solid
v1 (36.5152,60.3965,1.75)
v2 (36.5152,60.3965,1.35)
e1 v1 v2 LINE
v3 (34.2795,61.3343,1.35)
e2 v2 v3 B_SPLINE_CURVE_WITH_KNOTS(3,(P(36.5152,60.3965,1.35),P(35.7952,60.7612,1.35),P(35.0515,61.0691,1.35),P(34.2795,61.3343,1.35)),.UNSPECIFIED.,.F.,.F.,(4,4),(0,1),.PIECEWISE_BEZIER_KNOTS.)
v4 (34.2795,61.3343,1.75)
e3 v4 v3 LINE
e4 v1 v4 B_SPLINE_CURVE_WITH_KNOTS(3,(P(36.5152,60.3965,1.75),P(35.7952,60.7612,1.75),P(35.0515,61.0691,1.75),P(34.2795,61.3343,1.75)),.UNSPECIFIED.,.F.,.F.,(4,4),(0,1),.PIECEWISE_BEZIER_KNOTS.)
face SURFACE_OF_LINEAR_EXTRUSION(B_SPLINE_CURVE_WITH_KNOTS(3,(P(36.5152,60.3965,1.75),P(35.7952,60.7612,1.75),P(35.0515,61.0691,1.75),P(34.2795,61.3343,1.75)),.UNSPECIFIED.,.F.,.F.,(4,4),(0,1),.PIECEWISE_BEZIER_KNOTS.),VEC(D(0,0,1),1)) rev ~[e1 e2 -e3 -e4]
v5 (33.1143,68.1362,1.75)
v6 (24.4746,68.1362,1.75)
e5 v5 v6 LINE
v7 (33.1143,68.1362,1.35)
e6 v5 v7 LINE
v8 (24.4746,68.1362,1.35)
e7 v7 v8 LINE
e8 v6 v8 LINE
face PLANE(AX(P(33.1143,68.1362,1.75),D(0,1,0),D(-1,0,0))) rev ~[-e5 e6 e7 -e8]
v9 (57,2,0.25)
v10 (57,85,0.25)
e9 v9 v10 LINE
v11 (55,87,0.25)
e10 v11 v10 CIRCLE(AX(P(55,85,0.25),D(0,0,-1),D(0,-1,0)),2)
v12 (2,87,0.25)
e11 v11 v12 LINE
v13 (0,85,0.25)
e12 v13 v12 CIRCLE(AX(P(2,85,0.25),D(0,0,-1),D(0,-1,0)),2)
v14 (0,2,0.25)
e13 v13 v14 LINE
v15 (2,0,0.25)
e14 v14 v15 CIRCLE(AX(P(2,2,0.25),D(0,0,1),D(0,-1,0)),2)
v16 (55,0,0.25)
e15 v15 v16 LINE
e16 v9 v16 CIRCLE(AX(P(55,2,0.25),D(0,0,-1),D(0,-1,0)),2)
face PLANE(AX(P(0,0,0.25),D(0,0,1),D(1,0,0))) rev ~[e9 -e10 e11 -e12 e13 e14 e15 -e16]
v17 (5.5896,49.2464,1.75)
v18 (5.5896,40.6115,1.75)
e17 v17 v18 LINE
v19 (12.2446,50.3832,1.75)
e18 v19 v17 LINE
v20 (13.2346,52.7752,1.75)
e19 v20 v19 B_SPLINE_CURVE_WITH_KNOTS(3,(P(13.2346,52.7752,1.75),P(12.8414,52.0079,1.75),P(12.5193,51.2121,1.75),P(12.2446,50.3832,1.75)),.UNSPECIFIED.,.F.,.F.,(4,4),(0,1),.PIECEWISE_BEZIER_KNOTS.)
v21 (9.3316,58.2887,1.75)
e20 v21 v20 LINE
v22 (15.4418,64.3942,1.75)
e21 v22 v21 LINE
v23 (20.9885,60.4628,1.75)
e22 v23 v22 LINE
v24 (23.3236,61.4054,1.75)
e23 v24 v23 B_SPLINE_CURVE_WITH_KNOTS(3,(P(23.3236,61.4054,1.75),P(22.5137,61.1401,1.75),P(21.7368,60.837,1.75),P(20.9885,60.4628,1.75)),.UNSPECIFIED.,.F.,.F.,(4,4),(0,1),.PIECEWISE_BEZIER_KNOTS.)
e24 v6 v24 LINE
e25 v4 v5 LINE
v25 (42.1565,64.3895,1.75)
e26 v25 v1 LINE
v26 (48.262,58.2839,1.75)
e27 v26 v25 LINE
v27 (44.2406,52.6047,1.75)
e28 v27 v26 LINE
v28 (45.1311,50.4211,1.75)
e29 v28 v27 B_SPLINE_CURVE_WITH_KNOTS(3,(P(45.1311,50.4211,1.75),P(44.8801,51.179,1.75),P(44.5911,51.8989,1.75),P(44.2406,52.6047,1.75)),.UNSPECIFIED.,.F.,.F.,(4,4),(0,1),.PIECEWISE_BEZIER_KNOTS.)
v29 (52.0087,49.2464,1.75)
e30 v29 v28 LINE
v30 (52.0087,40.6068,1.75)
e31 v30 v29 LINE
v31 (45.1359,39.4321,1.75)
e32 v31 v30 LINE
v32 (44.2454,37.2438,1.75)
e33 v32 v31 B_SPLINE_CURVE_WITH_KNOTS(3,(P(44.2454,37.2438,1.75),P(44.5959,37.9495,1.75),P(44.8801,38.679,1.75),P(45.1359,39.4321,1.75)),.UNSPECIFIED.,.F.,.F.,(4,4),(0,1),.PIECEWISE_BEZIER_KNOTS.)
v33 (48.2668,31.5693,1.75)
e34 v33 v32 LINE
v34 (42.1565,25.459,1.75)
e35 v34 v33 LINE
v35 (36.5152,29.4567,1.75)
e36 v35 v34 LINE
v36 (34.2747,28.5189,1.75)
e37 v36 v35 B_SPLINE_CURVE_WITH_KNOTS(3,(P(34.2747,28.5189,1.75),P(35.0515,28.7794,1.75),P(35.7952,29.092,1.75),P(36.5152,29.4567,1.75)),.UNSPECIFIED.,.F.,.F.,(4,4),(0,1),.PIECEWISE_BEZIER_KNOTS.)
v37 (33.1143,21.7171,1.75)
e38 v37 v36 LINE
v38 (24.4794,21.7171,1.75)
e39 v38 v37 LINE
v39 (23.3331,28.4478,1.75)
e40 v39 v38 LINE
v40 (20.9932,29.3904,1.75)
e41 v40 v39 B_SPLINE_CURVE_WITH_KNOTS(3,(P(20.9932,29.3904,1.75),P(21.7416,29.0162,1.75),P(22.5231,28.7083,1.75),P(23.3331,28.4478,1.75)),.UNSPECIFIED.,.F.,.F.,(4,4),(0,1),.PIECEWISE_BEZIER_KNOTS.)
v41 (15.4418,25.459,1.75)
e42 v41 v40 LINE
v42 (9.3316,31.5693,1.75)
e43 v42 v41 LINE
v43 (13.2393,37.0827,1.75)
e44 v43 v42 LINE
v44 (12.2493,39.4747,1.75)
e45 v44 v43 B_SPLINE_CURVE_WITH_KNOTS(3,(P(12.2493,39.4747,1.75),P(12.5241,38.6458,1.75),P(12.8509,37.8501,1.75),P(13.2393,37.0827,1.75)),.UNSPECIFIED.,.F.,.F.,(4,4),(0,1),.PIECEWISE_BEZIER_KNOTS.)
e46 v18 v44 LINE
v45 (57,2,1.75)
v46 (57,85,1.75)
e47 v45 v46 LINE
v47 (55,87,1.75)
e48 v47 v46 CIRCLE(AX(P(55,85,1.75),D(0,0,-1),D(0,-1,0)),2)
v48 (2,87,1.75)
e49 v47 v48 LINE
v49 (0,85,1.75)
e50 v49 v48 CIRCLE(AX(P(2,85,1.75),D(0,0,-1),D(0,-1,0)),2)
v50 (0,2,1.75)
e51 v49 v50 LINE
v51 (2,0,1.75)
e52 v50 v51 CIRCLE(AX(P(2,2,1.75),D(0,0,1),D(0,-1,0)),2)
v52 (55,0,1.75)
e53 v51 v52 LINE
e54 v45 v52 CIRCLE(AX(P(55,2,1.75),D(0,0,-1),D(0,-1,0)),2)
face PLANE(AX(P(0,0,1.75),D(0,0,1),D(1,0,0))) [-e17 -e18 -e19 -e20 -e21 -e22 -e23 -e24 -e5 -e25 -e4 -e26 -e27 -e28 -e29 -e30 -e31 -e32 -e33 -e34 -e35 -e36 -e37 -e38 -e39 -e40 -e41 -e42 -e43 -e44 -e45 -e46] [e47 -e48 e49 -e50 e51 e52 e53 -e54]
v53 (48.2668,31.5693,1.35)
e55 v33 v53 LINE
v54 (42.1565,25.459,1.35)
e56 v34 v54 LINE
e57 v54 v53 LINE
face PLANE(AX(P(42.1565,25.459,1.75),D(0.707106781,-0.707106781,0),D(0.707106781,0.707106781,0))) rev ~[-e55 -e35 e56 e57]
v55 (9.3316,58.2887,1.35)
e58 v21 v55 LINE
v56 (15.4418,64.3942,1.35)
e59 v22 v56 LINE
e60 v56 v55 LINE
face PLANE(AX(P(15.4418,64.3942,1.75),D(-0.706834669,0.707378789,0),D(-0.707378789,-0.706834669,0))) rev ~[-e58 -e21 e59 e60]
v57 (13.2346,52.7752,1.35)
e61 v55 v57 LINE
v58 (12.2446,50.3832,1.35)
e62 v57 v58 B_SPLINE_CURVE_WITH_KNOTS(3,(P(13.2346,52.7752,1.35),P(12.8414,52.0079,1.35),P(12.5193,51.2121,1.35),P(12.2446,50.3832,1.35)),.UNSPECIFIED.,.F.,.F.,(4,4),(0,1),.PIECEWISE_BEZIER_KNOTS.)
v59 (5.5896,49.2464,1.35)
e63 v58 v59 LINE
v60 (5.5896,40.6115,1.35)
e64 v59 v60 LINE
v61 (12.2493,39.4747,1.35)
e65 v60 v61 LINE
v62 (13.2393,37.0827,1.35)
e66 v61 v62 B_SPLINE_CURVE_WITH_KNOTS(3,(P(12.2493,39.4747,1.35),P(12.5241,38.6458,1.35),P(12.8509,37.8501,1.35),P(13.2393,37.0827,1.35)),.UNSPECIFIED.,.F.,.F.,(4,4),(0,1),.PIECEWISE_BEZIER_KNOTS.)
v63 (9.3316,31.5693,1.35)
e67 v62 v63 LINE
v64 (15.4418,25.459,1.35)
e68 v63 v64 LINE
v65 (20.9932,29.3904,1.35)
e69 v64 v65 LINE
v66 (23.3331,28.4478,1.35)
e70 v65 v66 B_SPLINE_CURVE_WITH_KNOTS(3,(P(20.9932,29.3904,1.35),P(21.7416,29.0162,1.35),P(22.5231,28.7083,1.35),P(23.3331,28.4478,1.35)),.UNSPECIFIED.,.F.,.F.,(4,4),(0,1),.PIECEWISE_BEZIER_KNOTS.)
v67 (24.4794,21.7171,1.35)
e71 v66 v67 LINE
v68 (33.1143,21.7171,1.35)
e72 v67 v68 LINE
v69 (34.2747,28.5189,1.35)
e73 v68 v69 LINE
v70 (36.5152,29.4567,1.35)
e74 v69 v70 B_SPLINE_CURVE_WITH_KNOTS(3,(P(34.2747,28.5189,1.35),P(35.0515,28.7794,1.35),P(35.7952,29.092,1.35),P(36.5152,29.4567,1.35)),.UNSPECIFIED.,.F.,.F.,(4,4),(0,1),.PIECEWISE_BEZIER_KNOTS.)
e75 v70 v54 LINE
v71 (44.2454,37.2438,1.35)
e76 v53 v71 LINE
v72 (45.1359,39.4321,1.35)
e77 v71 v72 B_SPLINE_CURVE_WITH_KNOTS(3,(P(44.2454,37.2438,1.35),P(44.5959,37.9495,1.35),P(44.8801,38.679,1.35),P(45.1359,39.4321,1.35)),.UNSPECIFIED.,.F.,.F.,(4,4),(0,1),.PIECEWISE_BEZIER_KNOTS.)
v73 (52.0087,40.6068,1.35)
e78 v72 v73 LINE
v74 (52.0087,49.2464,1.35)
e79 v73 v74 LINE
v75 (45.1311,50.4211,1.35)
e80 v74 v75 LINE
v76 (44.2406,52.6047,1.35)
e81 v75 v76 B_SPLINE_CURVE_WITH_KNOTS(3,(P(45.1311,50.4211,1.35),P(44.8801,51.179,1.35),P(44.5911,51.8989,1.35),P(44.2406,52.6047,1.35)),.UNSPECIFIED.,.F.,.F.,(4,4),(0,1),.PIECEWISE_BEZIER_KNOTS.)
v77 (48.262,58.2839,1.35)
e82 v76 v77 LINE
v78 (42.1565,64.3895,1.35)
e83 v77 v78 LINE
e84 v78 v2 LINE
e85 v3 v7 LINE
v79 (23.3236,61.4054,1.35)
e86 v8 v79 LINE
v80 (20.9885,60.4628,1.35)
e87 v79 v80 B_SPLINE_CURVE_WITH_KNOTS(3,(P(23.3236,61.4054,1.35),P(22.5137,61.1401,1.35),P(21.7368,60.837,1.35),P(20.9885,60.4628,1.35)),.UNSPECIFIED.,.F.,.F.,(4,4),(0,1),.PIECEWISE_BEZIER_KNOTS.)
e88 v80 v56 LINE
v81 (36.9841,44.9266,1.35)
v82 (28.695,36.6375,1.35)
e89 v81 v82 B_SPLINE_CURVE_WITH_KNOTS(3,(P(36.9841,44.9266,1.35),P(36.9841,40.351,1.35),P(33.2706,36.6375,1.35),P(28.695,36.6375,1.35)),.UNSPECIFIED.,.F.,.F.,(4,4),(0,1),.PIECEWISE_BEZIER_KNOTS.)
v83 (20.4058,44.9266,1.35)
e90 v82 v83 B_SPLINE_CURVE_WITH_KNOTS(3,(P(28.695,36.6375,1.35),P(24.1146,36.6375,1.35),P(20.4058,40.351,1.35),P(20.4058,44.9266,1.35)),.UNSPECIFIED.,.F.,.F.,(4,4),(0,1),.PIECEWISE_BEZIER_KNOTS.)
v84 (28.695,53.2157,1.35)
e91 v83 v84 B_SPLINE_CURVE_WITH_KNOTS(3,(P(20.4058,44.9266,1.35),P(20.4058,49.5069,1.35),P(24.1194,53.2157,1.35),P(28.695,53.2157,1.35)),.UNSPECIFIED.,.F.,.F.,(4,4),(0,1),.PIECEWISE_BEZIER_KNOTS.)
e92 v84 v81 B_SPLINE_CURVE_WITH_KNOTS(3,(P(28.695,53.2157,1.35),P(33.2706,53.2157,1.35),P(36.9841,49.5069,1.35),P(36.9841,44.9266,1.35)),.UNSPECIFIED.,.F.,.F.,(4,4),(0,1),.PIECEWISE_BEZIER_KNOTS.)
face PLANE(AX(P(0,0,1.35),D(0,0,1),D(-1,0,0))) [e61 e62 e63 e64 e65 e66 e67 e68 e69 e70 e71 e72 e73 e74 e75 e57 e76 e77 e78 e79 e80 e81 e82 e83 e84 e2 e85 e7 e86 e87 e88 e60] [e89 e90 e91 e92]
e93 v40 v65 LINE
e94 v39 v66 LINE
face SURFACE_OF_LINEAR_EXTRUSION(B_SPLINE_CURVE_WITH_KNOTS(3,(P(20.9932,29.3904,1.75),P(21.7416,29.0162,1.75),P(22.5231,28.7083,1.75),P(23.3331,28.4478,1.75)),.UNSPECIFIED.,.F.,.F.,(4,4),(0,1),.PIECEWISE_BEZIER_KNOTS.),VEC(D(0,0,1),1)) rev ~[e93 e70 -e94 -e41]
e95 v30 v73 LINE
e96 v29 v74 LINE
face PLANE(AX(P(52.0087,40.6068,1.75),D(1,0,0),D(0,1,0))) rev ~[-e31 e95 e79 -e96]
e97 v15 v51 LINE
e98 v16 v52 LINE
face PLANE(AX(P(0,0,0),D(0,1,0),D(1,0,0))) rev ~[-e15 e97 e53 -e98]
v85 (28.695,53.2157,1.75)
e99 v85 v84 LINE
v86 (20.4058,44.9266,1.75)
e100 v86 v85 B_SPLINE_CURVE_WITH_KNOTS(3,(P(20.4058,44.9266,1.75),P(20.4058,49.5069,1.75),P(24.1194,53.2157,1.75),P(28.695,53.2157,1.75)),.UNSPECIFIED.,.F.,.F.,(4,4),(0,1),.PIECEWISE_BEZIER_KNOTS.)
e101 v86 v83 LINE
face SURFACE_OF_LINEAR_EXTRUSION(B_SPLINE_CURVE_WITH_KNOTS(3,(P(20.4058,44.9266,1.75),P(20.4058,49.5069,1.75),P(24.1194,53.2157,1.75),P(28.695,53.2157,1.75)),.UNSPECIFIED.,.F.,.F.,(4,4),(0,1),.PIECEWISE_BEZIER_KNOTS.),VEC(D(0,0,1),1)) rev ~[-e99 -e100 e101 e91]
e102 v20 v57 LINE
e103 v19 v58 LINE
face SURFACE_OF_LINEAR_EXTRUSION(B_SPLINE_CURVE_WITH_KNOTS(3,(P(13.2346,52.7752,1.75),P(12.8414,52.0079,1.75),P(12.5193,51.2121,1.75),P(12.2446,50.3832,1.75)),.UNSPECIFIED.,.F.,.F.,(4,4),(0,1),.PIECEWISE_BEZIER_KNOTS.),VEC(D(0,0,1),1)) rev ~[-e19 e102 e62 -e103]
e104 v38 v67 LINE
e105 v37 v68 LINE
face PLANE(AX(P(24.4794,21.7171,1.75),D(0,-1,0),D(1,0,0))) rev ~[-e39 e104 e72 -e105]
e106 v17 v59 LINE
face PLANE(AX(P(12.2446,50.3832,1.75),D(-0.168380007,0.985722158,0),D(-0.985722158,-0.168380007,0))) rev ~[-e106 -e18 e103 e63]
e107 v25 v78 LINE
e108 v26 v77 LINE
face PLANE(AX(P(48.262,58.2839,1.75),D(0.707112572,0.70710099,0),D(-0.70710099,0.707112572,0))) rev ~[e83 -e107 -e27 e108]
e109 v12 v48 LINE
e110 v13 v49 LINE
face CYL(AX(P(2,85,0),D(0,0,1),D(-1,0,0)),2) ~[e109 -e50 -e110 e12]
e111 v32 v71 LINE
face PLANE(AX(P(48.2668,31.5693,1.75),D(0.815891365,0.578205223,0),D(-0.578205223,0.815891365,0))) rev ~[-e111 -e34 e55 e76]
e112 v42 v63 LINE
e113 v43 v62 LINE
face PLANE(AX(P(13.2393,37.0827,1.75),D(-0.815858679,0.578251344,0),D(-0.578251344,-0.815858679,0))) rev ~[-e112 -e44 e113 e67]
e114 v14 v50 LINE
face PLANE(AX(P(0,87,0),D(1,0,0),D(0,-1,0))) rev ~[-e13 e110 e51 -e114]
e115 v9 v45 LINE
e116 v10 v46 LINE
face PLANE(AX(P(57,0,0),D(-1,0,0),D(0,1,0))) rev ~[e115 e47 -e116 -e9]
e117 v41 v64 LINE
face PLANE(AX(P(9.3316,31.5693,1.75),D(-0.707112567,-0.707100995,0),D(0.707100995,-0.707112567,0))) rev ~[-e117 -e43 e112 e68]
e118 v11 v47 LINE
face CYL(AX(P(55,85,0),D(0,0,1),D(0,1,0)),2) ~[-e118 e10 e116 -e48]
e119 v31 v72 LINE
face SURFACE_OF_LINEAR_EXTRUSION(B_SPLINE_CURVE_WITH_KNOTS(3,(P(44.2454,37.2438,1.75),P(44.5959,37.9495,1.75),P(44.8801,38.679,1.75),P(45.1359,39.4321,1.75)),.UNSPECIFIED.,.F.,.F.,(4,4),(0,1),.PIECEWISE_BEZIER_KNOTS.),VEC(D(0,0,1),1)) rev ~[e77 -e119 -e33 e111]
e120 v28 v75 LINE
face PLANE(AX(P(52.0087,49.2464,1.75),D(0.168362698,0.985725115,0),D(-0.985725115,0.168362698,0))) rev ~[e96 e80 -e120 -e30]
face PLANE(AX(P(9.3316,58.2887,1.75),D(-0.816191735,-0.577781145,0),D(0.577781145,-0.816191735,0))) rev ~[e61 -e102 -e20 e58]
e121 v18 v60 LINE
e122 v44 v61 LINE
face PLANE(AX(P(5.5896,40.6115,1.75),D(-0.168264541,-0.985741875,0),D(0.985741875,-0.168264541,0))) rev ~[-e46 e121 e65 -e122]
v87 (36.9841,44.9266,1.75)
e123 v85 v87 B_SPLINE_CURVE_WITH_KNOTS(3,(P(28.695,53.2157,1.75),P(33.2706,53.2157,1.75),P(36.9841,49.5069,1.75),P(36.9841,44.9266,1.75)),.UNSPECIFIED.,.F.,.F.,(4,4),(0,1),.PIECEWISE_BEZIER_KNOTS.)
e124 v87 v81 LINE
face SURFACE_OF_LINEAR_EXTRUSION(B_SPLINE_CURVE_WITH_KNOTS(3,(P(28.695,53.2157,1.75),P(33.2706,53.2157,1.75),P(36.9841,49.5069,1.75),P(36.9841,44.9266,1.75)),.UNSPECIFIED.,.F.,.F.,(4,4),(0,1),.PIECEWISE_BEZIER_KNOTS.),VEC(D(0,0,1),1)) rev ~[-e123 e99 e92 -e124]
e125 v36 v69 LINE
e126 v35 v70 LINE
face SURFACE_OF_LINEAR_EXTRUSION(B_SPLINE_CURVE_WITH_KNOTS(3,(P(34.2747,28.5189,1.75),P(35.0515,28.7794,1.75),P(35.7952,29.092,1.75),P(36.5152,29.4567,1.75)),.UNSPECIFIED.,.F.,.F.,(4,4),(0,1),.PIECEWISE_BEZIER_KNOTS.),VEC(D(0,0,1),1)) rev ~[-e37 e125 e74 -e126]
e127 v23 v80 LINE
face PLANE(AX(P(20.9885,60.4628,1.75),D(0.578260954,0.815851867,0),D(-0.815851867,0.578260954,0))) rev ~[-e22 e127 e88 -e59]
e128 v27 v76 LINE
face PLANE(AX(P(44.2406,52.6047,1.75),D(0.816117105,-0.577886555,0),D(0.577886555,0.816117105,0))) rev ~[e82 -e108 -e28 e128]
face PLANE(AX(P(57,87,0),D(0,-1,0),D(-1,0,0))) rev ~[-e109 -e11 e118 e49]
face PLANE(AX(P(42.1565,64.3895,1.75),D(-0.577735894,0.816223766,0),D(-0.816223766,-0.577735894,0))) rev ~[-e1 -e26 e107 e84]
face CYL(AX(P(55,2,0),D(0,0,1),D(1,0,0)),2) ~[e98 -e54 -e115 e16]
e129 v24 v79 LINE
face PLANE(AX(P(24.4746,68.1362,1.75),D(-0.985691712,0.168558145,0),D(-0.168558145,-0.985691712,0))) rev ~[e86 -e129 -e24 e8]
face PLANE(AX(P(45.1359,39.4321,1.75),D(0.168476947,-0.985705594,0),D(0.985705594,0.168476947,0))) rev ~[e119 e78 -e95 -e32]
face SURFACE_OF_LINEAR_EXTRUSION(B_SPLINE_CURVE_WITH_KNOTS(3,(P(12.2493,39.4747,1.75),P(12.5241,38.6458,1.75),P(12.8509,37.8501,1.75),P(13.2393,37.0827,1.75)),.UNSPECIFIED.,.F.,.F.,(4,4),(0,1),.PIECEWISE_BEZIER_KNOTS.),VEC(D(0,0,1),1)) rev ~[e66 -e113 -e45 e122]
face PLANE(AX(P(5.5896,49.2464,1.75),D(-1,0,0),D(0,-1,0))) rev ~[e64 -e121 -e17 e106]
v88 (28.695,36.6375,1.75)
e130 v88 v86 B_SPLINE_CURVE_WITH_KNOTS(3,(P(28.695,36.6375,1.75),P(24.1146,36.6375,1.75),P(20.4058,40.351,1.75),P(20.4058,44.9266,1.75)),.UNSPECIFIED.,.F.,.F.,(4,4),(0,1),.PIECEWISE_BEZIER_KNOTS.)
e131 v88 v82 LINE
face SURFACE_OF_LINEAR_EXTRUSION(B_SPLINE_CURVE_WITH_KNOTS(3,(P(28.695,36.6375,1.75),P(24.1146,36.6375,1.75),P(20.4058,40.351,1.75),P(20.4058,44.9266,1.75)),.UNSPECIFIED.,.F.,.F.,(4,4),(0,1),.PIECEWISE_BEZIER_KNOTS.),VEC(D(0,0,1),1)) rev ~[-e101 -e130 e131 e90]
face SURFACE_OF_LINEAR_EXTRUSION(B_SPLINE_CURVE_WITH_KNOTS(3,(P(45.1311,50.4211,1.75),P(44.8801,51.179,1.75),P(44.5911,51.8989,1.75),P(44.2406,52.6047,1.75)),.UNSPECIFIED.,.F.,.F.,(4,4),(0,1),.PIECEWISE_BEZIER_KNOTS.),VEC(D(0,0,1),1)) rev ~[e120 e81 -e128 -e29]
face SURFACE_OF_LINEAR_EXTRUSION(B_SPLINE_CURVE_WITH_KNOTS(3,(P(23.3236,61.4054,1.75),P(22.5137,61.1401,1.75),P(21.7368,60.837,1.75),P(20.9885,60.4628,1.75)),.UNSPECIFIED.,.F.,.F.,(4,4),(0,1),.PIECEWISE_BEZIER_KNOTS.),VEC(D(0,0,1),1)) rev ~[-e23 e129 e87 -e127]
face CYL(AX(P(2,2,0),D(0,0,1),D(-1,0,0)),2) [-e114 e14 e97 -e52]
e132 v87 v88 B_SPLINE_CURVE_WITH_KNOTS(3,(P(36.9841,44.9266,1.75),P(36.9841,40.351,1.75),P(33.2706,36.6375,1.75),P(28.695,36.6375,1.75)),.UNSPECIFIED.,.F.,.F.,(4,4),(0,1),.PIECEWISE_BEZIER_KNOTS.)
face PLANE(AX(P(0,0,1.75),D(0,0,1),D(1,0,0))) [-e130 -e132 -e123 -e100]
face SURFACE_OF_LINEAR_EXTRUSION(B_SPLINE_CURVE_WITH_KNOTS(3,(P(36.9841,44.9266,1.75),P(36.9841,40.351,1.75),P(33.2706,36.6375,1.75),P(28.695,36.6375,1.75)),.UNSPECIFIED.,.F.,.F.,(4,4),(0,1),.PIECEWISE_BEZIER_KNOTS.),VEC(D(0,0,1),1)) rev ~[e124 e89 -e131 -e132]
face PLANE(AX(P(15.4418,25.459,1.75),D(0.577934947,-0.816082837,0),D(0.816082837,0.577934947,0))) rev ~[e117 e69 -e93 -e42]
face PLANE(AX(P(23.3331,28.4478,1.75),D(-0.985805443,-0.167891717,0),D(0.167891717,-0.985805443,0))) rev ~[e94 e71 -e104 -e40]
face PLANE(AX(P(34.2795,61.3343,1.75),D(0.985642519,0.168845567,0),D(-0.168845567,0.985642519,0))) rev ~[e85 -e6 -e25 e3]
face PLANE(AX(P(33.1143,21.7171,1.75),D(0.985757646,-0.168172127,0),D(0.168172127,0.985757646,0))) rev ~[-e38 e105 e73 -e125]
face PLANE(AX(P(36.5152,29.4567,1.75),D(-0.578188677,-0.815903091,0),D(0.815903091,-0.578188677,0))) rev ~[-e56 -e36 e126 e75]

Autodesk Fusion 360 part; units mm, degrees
sketch "Skizze1" plane through (0, 0, 0) normal (0, 0, 1) x (1, 0, 0)
  line L0 (0, 0) -> (57, 0)
  line L1 (57, 0) -> (57, 87)
  line L2 (57, 87) -> (0, 87)
  line L3 (0, 87) -> (0, 0)
  dimension "d1" = 57
  dimension "d2" = 87
extrude "Extrusion1" add sketch "Skizze1" along normal blind 1.75
fillet "Abrundung1" radius 2 4 edges at (0, 0, 0.875) (57, 0, 0.875) (57, 87, 0.875) (0, 87, 0.875)
sketch "Skizze2" plane through (0, 0, 1.75) normal (0, 0, 1) x (-1, 0, 0)
  arc A0 (-2, -87) -> (0, -85) centre (-2, -85) ccw
  line L0 (0, -85) -> (0, -2)
  arc A1 (0, -2) -> (-2, 0) centre (-2, -2) ccw
  line L1 (-2, 0) -> (-55, 0)
  arc A2 (-55, 0) -> (-57, -2) centre (-55, -2) ccw
  line L2 (-57, -2) -> (-57, -85)
  arc A3 (-57, -85) -> (-55, -87) centre (-55, -85) ccw
  line L3 (-55, -87) -> (-2, -87)
  line L4 (-5.5896, -49.2464) -> (-5.5896, -40.6115)
  line L5 (-5.5896, -40.6115) -> (-12.2493, -39.4747)
  spline S0 degree 3 poles (-12.2493, -39.4747) (-12.5241, -38.6458) (-12.8509, -37.8501) (-13.2393, -37.0827) knots 0 0 0 0 1 1 1 1
  line L6 (-13.2393, -37.0827) -> (-9.3316, -31.5693)
  line L7 (-9.3316, -31.5693) -> (-15.4418, -25.459)
  line L8 (-15.4418, -25.459) -> (-20.9932, -29.3904)
  spline S1 degree 3 poles (-20.9932, -29.3904) (-21.7416, -29.0162) (-22.5231, -28.7083) (-23.3331, -28.4478) knots 0 0 0 0 1 1 1 1
  line L9 (-23.3331, -28.4478) -> (-24.4794, -21.7171)
  line L10 (-24.4794, -21.7171) -> (-33.1143, -21.7171)
  line L11 (-33.1143, -21.7171) -> (-34.2747, -28.5189)
  spline S2 degree 3 poles (-34.2747, -28.5189) (-35.0515, -28.7794) (-35.7952, -29.092) (-36.5152, -29.4567) knots 0 0 0 0 1 1 1 1
  line L12 (-36.5152, -29.4567) -> (-42.1565, -25.459)
  line L13 (-42.1565, -25.459) -> (-48.2668, -31.5693)
  line L14 (-48.2668, -31.5693) -> (-44.2454, -37.2438)
  spline S3 degree 3 poles (-44.2454, -37.2438) (-44.5959, -37.9495) (-44.8801, -38.679) (-45.1359, -39.4321) knots 0 0 0 0 1 1 1 1
  line L15 (-45.1359, -39.4321) -> (-52.0087, -40.6068)
  line L16 (-52.0087, -40.6068) -> (-52.0087, -49.2464)
  line L17 (-52.0087, -49.2464) -> (-45.1311, -50.4211)
  spline S4 degree 3 poles (-45.1311, -50.4211) (-44.8801, -51.179) (-44.5911, -51.8989) (-44.2406, -52.6047) knots 0 0 0 0 1 1 1 1
  line L18 (-44.2406, -52.6047) -> (-48.262, -58.2839)
  line L19 (-48.262, -58.2839) -> (-42.1565, -64.3895)
  line L20 (-42.1565, -64.3895) -> (-36.5152, -60.3965)
  spline S5 degree 3 poles (-36.5152, -60.3965) (-35.7952, -60.7612) (-35.0515, -61.0691) (-34.2795, -61.3343) knots 0 0 0 0 1 1 1 1
  line L21 (-34.2795, -61.3343) -> (-33.1143, -68.1362)
  line L22 (-33.1143, -68.1362) -> (-24.4746, -68.1362)
  line L23 (-24.4746, -68.1362) -> (-23.3236, -61.4054)
  spline S6 degree 3 poles (-23.3236, -61.4054) (-22.5137, -61.1401) (-21.7368, -60.837) (-20.9885, -60.4628) knots 0 0 0 0 1 1 1 1
  line L24 (-20.9885, -60.4628) -> (-15.4418, -64.3942)
  line L25 (-15.4418, -64.3942) -> (-9.3316, -58.2887)
  line L26 (-9.3316, -58.2887) -> (-13.2346, -52.7752)
  spline S7 degree 3 poles (-13.2346, -52.7752) (-12.8414, -52.0079) (-12.5193, -51.2121) (-12.2446, -50.3832) knots 0 0 0 0 1 1 1 1
  line L27 (-12.2446, -50.3832) -> (-5.5896, -49.2464)
  spline S8 degree 3 poles (-28.695, -53.2157) (-33.2706, -53.2157) (-36.9841, -49.5069) (-36.9841, -44.9266) knots 0 0 0 0 1 1 1 1
  spline S9 degree 3 poles (-36.9841, -44.9266) (-36.9841, -40.351) (-33.2706, -36.6375) (-28.695, -36.6375) knots 0 0 0 0 1 1 1 1
  spline S10 degree 3 poles (-28.695, -36.6375) (-24.1146, -36.6375) (-20.4058, -40.351) (-20.4058, -44.9266) knots 0 0 0 0 1 1 1 1
  spline S11 degree 3 poles (-20.4058, -44.9266) (-20.4058, -49.5069) (-24.1194, -53.2157) (-28.695, -53.2157) knots 0 0 0 0 1 1 1 1
extrude "Extrusion2" cut sketch "Skizze2" against normal blind 0.4 contours L4 L5 S0 L6 L7 L8 S1 L9 L10 L11 S2 L12 L13 L14 S3 L15 L16 L17 S4 L18 L19 L20 S5 L21 L22 L23 S6 L24 L25 L26 S7 L27
extrude "Extrusion3" cut 1 faces at (19, 57.3333, 0) along direction (0, 0, 1) blind 0.2
extrude "Extrusion4" cut 1 faces at (19, 57.3333, 0.2) along direction (0, 0, 1) blind 0.05
